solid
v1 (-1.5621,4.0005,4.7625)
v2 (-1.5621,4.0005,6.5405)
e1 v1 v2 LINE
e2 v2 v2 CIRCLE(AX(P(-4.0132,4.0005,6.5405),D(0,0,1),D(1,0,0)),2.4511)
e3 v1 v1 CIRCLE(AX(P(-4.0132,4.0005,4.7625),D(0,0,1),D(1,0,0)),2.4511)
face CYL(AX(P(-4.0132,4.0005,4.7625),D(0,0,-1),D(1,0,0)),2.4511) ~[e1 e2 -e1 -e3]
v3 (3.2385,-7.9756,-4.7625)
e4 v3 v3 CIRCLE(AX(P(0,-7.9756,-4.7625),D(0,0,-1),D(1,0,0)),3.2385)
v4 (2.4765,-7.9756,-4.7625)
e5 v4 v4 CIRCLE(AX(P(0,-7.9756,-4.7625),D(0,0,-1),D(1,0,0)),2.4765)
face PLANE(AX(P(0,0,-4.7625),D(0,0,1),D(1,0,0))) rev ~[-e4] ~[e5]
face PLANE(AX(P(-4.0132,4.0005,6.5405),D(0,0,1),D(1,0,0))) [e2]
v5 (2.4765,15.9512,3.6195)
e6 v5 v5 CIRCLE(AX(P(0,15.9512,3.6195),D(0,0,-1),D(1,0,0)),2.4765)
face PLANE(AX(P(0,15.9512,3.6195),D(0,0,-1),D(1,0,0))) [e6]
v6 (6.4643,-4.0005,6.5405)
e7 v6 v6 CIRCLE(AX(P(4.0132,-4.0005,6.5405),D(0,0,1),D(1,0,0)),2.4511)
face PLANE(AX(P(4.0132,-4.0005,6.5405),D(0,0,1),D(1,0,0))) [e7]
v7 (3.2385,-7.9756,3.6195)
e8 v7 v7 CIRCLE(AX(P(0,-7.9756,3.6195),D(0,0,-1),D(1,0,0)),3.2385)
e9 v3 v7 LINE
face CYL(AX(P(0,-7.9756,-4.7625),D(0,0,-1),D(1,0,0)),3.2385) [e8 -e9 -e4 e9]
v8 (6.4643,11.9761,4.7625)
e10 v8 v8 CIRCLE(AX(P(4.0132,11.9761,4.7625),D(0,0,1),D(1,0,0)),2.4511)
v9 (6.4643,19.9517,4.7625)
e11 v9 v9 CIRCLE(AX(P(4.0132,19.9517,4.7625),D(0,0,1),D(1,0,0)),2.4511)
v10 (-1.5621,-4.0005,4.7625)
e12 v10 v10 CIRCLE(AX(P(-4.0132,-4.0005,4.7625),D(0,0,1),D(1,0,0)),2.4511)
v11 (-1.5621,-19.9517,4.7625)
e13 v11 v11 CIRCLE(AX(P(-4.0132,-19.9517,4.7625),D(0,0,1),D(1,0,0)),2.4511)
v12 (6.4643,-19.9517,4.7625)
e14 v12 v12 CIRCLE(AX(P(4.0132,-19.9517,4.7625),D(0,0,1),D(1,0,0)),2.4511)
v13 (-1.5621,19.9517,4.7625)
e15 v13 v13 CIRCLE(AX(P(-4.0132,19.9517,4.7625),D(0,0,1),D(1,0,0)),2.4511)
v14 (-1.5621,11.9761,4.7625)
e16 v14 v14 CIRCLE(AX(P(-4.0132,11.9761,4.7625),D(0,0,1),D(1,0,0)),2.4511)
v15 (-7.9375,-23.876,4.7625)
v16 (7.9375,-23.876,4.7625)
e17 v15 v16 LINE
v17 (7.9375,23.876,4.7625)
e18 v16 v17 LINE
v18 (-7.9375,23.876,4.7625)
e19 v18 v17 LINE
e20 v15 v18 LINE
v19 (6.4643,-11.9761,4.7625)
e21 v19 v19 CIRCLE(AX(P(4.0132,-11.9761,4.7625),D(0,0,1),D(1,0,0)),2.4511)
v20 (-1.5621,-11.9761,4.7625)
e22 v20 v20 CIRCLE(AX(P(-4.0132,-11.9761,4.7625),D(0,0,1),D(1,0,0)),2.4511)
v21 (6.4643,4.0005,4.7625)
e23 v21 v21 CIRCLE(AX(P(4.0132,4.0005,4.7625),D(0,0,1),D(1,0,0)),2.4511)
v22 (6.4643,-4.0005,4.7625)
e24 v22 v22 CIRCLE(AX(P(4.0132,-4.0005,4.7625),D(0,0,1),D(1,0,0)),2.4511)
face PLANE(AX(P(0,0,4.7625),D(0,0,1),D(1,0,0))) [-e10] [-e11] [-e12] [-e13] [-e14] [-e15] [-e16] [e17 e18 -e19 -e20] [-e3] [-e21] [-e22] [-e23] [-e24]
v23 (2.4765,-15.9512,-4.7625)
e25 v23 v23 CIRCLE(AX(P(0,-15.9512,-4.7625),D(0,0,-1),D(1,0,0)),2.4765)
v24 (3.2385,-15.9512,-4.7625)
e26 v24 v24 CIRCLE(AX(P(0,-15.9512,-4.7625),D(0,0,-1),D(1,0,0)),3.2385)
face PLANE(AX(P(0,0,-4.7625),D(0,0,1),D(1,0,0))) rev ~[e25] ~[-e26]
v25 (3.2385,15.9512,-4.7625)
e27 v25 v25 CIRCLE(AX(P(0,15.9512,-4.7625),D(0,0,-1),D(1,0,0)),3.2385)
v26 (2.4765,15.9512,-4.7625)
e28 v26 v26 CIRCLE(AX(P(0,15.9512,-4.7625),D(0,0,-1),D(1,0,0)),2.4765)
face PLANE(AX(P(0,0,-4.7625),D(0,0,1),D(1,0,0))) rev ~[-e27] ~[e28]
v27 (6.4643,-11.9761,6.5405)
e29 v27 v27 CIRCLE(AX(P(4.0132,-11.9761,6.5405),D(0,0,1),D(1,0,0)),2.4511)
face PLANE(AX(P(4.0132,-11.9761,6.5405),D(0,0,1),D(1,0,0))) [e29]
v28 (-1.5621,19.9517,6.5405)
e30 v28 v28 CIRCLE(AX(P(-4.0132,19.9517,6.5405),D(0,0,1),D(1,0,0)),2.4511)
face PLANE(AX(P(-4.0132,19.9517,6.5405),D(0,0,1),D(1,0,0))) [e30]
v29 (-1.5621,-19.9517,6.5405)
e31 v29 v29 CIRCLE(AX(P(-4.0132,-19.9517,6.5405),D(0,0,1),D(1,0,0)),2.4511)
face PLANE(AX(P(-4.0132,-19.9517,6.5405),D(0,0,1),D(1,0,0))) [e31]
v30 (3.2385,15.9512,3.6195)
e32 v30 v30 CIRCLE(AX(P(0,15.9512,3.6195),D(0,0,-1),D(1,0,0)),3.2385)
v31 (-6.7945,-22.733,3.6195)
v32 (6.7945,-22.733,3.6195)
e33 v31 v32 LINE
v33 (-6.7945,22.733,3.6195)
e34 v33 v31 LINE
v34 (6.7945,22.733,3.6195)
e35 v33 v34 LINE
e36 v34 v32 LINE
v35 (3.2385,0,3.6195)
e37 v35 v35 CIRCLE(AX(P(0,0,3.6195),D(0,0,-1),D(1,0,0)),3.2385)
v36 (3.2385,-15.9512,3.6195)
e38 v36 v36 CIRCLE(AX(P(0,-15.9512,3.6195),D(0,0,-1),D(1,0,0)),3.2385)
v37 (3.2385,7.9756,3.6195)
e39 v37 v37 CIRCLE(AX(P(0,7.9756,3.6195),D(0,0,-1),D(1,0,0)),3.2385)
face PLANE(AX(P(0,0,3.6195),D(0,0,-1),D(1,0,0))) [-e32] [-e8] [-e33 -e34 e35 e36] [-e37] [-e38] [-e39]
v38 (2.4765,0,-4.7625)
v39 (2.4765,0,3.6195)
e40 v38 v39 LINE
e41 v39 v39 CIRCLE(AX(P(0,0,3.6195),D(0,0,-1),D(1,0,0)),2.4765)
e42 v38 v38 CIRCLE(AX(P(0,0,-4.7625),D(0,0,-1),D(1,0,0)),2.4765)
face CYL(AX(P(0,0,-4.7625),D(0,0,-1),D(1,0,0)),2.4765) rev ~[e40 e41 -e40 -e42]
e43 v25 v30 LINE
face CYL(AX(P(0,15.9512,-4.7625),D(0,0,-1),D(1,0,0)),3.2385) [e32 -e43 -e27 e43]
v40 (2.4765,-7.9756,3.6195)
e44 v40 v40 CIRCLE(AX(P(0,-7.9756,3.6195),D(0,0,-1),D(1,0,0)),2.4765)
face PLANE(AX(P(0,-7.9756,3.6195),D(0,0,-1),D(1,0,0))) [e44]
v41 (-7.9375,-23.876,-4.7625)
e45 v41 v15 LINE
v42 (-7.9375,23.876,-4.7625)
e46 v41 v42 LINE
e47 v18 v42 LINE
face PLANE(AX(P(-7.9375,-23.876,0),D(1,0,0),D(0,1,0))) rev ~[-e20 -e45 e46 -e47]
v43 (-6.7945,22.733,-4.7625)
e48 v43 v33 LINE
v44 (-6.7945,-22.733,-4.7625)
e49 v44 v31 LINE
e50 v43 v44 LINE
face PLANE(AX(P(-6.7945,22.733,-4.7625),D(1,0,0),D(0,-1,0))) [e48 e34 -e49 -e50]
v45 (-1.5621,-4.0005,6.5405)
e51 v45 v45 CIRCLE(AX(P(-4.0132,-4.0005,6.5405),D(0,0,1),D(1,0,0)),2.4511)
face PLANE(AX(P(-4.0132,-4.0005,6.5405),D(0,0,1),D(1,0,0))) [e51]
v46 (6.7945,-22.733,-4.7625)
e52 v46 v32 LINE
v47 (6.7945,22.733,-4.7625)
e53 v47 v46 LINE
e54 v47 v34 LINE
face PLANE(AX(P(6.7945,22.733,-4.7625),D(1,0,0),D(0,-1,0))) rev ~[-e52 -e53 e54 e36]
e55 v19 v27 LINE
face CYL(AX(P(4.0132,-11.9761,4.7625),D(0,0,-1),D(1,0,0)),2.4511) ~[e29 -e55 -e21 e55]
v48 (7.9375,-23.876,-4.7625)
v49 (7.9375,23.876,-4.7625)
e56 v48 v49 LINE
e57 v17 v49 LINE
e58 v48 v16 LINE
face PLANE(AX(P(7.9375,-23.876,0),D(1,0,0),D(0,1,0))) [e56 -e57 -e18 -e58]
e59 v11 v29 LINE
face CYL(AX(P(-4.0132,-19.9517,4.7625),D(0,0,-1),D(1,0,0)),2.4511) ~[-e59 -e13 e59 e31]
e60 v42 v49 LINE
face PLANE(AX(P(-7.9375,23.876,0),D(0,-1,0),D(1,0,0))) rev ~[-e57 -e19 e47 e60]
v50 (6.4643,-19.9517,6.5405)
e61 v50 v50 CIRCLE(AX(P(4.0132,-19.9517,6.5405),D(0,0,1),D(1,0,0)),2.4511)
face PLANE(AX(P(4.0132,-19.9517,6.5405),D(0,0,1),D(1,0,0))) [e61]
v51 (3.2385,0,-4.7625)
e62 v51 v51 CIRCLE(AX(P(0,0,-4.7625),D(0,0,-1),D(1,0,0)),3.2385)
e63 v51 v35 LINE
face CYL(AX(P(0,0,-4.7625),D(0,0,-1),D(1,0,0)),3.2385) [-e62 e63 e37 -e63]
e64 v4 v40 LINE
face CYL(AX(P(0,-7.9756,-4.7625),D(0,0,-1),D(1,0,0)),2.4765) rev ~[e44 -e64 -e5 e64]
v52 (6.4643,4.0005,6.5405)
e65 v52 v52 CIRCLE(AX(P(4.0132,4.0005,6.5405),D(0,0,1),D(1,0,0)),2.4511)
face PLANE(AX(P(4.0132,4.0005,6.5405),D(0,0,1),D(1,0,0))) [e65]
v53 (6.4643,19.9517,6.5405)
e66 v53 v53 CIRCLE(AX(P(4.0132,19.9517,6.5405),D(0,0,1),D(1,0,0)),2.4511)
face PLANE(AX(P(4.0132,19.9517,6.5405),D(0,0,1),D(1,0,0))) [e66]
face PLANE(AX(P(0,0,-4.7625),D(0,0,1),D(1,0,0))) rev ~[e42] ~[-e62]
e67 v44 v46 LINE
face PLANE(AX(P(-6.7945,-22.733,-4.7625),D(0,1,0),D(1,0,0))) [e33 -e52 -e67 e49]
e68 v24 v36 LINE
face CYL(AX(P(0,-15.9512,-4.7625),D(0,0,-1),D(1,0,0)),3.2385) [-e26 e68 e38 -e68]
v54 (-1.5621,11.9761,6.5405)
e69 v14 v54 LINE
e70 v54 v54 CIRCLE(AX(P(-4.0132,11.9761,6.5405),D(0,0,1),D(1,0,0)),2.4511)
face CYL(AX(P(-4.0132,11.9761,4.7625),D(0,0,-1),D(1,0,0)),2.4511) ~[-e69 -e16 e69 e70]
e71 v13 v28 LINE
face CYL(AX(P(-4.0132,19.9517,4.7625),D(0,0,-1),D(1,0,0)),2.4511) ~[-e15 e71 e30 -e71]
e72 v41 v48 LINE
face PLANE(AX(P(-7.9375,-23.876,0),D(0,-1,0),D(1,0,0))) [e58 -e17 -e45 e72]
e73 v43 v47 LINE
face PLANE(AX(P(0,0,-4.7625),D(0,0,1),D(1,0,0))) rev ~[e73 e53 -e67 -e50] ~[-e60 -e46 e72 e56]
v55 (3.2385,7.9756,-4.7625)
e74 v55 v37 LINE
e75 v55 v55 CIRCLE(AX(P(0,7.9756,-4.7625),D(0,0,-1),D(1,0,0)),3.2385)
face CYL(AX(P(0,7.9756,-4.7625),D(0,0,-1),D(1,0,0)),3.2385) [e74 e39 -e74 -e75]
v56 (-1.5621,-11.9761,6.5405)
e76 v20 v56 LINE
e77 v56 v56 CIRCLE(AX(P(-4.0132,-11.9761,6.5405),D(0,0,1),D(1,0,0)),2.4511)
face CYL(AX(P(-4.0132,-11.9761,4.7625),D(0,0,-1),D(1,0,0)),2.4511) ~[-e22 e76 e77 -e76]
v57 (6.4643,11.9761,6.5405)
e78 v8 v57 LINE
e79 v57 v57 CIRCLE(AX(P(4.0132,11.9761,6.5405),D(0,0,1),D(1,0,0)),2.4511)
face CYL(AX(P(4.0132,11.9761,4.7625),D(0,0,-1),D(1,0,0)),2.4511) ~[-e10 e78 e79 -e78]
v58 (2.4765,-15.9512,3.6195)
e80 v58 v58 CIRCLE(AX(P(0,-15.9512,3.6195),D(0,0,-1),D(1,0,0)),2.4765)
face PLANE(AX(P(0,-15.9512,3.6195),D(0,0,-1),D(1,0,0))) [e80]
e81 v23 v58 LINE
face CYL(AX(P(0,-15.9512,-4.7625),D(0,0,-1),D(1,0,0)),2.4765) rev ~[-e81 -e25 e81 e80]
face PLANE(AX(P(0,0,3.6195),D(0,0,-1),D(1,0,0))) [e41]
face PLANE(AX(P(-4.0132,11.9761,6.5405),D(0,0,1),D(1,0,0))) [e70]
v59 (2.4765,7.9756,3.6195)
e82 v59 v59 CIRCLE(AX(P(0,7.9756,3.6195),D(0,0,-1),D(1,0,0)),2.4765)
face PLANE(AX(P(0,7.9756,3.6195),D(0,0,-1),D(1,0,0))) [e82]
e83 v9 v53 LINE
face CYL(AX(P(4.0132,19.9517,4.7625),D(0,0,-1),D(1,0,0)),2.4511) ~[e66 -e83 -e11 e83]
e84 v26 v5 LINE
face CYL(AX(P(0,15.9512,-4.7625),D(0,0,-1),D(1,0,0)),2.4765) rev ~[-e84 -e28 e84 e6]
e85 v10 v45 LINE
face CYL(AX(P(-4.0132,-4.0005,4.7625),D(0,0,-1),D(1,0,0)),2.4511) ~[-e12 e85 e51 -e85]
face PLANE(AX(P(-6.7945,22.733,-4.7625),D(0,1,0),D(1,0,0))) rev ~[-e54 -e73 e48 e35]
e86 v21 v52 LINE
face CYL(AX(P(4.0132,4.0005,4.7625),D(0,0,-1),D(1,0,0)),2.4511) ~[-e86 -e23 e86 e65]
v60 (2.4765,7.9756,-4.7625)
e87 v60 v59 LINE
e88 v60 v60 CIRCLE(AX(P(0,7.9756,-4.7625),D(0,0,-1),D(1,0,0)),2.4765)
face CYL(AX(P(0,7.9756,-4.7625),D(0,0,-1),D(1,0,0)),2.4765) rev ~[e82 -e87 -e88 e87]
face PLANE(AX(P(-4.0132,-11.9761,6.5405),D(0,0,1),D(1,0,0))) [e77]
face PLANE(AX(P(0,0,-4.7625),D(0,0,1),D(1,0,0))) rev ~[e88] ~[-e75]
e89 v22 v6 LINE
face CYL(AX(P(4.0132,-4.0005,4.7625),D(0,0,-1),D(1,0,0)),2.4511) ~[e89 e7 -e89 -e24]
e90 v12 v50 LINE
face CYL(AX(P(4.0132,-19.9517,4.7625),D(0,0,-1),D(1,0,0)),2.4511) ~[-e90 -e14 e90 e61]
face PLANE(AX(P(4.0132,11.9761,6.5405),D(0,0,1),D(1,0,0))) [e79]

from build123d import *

# Parameters (mm, degrees)
F0_W      = 15.875
F0_H      = 47.752
F1_DEPTH  = 4.7625
F2_R      = 2.4511
F3_DEPTH  = 1.778
F4_W      = 13.589
F4_H      = 45.466
F4_R      = 3.2385
F5_DEPTH  = 8.382
F8_R      = 2.4765
F7_R      = 2.4765
F6_R      = 2.4765
F9_R      = 2.4765
F10_R     = 2.4765
F11_DEPTH = 8.382


with BuildPart() as f1:
    # F0 (on Top) → F1 (new body, symmetric)
    with BuildSketch(Plane.XY):
        Rectangle(F0_W, F0_H)
    extrude(amount=F1_DEPTH, both=True)

    # F2 (on face) → F3 (join)
    with BuildSketch(Plane.XY.offset(4.7625)):
        with Locations((-4.0132, 19.9517)):
            Circle(F2_R)
        with Locations((4.0132, 19.9517)):
            Circle(F2_R)
        with Locations((-4.0132, 11.9761)):
            Circle(F2_R)
        with Locations((4.0132, 11.9761)):
            Circle(F2_R)
        with Locations((4.0132, 4.0005)):
            Circle(F2_R)
        with Locations((-4.0132, 4.0005)):
            Circle(F2_R)
        with Locations((-4.0132, -4.0005)):
            Circle(F2_R)
        with Locations((4.0132, -4.0005)):
            Circle(F2_R)
        with Locations((4.0132, -11.9761)):
            Circle(F2_R)
        with Locations((-4.0132, -11.9761)):
            Circle(F2_R)
        with Locations((-4.0132, -19.9517)):
            Circle(F2_R)
        with Locations((4.0132, -19.9517)):
            Circle(F2_R)
    extrude(amount=F3_DEPTH)

    # F4 (on face) → F5 (cut)
    with BuildSketch(Plane(origin=(0, 0, -4.7625), x_dir=(1, 0, 0), z_dir=(0, 0, -1))):
        Rectangle(F4_W, F4_H)
        with Locations((0, -15.9512)):
            Circle(F4_R, mode=Mode.SUBTRACT)
        with Locations((0, -7.9756)):
            Circle(F4_R, mode=Mode.SUBTRACT)
        Circle(F4_R, mode=Mode.SUBTRACT)
        with Locations((0, 7.9756)):
            Circle(F4_R, mode=Mode.SUBTRACT)
        with Locations((0, 15.9512)):
            Circle(F4_R, mode=Mode.SUBTRACT)
    extrude(amount=-F5_DEPTH, mode=Mode.SUBTRACT)

    # F8 (on face) + F7 (on face) + F6 (on face) + F9 (on face) + F10 (on face) → F11 (cut)
    with BuildSketch(Plane(origin=(0, 0, -4.7625), x_dir=(1, 0, 0), z_dir=(0, 0, -1))):
        with Locations((0, 15.9512)):
            Circle(F8_R)
    with BuildSketch(Plane(origin=(0, 0, -4.7625), x_dir=(1, 0, 0), z_dir=(0, 0, -1))):
        with Locations((0, 7.9756)):
            Circle(F7_R)
    with BuildSketch(Plane(origin=(0, 0, -4.7625), x_dir=(1, 0, 0), z_dir=(0, 0, -1))):
        Circle(F6_R)
    with BuildSketch(Plane(origin=(0, 0, -4.7625), x_dir=(1, 0, 0), z_dir=(0, 0, -1))):
        with Locations((0, -7.9756)):
            Circle(F9_R)
    with BuildSketch(Plane(origin=(0, 0, -4.7625), x_dir=(1, 0, 0), z_dir=(0, 0, -1))):
        with Locations((0, -15.9512)):
            Circle(F10_R)
    extrude(amount=-F11_DEPTH, mode=Mode.SUBTRACT)


solid = f1.part
